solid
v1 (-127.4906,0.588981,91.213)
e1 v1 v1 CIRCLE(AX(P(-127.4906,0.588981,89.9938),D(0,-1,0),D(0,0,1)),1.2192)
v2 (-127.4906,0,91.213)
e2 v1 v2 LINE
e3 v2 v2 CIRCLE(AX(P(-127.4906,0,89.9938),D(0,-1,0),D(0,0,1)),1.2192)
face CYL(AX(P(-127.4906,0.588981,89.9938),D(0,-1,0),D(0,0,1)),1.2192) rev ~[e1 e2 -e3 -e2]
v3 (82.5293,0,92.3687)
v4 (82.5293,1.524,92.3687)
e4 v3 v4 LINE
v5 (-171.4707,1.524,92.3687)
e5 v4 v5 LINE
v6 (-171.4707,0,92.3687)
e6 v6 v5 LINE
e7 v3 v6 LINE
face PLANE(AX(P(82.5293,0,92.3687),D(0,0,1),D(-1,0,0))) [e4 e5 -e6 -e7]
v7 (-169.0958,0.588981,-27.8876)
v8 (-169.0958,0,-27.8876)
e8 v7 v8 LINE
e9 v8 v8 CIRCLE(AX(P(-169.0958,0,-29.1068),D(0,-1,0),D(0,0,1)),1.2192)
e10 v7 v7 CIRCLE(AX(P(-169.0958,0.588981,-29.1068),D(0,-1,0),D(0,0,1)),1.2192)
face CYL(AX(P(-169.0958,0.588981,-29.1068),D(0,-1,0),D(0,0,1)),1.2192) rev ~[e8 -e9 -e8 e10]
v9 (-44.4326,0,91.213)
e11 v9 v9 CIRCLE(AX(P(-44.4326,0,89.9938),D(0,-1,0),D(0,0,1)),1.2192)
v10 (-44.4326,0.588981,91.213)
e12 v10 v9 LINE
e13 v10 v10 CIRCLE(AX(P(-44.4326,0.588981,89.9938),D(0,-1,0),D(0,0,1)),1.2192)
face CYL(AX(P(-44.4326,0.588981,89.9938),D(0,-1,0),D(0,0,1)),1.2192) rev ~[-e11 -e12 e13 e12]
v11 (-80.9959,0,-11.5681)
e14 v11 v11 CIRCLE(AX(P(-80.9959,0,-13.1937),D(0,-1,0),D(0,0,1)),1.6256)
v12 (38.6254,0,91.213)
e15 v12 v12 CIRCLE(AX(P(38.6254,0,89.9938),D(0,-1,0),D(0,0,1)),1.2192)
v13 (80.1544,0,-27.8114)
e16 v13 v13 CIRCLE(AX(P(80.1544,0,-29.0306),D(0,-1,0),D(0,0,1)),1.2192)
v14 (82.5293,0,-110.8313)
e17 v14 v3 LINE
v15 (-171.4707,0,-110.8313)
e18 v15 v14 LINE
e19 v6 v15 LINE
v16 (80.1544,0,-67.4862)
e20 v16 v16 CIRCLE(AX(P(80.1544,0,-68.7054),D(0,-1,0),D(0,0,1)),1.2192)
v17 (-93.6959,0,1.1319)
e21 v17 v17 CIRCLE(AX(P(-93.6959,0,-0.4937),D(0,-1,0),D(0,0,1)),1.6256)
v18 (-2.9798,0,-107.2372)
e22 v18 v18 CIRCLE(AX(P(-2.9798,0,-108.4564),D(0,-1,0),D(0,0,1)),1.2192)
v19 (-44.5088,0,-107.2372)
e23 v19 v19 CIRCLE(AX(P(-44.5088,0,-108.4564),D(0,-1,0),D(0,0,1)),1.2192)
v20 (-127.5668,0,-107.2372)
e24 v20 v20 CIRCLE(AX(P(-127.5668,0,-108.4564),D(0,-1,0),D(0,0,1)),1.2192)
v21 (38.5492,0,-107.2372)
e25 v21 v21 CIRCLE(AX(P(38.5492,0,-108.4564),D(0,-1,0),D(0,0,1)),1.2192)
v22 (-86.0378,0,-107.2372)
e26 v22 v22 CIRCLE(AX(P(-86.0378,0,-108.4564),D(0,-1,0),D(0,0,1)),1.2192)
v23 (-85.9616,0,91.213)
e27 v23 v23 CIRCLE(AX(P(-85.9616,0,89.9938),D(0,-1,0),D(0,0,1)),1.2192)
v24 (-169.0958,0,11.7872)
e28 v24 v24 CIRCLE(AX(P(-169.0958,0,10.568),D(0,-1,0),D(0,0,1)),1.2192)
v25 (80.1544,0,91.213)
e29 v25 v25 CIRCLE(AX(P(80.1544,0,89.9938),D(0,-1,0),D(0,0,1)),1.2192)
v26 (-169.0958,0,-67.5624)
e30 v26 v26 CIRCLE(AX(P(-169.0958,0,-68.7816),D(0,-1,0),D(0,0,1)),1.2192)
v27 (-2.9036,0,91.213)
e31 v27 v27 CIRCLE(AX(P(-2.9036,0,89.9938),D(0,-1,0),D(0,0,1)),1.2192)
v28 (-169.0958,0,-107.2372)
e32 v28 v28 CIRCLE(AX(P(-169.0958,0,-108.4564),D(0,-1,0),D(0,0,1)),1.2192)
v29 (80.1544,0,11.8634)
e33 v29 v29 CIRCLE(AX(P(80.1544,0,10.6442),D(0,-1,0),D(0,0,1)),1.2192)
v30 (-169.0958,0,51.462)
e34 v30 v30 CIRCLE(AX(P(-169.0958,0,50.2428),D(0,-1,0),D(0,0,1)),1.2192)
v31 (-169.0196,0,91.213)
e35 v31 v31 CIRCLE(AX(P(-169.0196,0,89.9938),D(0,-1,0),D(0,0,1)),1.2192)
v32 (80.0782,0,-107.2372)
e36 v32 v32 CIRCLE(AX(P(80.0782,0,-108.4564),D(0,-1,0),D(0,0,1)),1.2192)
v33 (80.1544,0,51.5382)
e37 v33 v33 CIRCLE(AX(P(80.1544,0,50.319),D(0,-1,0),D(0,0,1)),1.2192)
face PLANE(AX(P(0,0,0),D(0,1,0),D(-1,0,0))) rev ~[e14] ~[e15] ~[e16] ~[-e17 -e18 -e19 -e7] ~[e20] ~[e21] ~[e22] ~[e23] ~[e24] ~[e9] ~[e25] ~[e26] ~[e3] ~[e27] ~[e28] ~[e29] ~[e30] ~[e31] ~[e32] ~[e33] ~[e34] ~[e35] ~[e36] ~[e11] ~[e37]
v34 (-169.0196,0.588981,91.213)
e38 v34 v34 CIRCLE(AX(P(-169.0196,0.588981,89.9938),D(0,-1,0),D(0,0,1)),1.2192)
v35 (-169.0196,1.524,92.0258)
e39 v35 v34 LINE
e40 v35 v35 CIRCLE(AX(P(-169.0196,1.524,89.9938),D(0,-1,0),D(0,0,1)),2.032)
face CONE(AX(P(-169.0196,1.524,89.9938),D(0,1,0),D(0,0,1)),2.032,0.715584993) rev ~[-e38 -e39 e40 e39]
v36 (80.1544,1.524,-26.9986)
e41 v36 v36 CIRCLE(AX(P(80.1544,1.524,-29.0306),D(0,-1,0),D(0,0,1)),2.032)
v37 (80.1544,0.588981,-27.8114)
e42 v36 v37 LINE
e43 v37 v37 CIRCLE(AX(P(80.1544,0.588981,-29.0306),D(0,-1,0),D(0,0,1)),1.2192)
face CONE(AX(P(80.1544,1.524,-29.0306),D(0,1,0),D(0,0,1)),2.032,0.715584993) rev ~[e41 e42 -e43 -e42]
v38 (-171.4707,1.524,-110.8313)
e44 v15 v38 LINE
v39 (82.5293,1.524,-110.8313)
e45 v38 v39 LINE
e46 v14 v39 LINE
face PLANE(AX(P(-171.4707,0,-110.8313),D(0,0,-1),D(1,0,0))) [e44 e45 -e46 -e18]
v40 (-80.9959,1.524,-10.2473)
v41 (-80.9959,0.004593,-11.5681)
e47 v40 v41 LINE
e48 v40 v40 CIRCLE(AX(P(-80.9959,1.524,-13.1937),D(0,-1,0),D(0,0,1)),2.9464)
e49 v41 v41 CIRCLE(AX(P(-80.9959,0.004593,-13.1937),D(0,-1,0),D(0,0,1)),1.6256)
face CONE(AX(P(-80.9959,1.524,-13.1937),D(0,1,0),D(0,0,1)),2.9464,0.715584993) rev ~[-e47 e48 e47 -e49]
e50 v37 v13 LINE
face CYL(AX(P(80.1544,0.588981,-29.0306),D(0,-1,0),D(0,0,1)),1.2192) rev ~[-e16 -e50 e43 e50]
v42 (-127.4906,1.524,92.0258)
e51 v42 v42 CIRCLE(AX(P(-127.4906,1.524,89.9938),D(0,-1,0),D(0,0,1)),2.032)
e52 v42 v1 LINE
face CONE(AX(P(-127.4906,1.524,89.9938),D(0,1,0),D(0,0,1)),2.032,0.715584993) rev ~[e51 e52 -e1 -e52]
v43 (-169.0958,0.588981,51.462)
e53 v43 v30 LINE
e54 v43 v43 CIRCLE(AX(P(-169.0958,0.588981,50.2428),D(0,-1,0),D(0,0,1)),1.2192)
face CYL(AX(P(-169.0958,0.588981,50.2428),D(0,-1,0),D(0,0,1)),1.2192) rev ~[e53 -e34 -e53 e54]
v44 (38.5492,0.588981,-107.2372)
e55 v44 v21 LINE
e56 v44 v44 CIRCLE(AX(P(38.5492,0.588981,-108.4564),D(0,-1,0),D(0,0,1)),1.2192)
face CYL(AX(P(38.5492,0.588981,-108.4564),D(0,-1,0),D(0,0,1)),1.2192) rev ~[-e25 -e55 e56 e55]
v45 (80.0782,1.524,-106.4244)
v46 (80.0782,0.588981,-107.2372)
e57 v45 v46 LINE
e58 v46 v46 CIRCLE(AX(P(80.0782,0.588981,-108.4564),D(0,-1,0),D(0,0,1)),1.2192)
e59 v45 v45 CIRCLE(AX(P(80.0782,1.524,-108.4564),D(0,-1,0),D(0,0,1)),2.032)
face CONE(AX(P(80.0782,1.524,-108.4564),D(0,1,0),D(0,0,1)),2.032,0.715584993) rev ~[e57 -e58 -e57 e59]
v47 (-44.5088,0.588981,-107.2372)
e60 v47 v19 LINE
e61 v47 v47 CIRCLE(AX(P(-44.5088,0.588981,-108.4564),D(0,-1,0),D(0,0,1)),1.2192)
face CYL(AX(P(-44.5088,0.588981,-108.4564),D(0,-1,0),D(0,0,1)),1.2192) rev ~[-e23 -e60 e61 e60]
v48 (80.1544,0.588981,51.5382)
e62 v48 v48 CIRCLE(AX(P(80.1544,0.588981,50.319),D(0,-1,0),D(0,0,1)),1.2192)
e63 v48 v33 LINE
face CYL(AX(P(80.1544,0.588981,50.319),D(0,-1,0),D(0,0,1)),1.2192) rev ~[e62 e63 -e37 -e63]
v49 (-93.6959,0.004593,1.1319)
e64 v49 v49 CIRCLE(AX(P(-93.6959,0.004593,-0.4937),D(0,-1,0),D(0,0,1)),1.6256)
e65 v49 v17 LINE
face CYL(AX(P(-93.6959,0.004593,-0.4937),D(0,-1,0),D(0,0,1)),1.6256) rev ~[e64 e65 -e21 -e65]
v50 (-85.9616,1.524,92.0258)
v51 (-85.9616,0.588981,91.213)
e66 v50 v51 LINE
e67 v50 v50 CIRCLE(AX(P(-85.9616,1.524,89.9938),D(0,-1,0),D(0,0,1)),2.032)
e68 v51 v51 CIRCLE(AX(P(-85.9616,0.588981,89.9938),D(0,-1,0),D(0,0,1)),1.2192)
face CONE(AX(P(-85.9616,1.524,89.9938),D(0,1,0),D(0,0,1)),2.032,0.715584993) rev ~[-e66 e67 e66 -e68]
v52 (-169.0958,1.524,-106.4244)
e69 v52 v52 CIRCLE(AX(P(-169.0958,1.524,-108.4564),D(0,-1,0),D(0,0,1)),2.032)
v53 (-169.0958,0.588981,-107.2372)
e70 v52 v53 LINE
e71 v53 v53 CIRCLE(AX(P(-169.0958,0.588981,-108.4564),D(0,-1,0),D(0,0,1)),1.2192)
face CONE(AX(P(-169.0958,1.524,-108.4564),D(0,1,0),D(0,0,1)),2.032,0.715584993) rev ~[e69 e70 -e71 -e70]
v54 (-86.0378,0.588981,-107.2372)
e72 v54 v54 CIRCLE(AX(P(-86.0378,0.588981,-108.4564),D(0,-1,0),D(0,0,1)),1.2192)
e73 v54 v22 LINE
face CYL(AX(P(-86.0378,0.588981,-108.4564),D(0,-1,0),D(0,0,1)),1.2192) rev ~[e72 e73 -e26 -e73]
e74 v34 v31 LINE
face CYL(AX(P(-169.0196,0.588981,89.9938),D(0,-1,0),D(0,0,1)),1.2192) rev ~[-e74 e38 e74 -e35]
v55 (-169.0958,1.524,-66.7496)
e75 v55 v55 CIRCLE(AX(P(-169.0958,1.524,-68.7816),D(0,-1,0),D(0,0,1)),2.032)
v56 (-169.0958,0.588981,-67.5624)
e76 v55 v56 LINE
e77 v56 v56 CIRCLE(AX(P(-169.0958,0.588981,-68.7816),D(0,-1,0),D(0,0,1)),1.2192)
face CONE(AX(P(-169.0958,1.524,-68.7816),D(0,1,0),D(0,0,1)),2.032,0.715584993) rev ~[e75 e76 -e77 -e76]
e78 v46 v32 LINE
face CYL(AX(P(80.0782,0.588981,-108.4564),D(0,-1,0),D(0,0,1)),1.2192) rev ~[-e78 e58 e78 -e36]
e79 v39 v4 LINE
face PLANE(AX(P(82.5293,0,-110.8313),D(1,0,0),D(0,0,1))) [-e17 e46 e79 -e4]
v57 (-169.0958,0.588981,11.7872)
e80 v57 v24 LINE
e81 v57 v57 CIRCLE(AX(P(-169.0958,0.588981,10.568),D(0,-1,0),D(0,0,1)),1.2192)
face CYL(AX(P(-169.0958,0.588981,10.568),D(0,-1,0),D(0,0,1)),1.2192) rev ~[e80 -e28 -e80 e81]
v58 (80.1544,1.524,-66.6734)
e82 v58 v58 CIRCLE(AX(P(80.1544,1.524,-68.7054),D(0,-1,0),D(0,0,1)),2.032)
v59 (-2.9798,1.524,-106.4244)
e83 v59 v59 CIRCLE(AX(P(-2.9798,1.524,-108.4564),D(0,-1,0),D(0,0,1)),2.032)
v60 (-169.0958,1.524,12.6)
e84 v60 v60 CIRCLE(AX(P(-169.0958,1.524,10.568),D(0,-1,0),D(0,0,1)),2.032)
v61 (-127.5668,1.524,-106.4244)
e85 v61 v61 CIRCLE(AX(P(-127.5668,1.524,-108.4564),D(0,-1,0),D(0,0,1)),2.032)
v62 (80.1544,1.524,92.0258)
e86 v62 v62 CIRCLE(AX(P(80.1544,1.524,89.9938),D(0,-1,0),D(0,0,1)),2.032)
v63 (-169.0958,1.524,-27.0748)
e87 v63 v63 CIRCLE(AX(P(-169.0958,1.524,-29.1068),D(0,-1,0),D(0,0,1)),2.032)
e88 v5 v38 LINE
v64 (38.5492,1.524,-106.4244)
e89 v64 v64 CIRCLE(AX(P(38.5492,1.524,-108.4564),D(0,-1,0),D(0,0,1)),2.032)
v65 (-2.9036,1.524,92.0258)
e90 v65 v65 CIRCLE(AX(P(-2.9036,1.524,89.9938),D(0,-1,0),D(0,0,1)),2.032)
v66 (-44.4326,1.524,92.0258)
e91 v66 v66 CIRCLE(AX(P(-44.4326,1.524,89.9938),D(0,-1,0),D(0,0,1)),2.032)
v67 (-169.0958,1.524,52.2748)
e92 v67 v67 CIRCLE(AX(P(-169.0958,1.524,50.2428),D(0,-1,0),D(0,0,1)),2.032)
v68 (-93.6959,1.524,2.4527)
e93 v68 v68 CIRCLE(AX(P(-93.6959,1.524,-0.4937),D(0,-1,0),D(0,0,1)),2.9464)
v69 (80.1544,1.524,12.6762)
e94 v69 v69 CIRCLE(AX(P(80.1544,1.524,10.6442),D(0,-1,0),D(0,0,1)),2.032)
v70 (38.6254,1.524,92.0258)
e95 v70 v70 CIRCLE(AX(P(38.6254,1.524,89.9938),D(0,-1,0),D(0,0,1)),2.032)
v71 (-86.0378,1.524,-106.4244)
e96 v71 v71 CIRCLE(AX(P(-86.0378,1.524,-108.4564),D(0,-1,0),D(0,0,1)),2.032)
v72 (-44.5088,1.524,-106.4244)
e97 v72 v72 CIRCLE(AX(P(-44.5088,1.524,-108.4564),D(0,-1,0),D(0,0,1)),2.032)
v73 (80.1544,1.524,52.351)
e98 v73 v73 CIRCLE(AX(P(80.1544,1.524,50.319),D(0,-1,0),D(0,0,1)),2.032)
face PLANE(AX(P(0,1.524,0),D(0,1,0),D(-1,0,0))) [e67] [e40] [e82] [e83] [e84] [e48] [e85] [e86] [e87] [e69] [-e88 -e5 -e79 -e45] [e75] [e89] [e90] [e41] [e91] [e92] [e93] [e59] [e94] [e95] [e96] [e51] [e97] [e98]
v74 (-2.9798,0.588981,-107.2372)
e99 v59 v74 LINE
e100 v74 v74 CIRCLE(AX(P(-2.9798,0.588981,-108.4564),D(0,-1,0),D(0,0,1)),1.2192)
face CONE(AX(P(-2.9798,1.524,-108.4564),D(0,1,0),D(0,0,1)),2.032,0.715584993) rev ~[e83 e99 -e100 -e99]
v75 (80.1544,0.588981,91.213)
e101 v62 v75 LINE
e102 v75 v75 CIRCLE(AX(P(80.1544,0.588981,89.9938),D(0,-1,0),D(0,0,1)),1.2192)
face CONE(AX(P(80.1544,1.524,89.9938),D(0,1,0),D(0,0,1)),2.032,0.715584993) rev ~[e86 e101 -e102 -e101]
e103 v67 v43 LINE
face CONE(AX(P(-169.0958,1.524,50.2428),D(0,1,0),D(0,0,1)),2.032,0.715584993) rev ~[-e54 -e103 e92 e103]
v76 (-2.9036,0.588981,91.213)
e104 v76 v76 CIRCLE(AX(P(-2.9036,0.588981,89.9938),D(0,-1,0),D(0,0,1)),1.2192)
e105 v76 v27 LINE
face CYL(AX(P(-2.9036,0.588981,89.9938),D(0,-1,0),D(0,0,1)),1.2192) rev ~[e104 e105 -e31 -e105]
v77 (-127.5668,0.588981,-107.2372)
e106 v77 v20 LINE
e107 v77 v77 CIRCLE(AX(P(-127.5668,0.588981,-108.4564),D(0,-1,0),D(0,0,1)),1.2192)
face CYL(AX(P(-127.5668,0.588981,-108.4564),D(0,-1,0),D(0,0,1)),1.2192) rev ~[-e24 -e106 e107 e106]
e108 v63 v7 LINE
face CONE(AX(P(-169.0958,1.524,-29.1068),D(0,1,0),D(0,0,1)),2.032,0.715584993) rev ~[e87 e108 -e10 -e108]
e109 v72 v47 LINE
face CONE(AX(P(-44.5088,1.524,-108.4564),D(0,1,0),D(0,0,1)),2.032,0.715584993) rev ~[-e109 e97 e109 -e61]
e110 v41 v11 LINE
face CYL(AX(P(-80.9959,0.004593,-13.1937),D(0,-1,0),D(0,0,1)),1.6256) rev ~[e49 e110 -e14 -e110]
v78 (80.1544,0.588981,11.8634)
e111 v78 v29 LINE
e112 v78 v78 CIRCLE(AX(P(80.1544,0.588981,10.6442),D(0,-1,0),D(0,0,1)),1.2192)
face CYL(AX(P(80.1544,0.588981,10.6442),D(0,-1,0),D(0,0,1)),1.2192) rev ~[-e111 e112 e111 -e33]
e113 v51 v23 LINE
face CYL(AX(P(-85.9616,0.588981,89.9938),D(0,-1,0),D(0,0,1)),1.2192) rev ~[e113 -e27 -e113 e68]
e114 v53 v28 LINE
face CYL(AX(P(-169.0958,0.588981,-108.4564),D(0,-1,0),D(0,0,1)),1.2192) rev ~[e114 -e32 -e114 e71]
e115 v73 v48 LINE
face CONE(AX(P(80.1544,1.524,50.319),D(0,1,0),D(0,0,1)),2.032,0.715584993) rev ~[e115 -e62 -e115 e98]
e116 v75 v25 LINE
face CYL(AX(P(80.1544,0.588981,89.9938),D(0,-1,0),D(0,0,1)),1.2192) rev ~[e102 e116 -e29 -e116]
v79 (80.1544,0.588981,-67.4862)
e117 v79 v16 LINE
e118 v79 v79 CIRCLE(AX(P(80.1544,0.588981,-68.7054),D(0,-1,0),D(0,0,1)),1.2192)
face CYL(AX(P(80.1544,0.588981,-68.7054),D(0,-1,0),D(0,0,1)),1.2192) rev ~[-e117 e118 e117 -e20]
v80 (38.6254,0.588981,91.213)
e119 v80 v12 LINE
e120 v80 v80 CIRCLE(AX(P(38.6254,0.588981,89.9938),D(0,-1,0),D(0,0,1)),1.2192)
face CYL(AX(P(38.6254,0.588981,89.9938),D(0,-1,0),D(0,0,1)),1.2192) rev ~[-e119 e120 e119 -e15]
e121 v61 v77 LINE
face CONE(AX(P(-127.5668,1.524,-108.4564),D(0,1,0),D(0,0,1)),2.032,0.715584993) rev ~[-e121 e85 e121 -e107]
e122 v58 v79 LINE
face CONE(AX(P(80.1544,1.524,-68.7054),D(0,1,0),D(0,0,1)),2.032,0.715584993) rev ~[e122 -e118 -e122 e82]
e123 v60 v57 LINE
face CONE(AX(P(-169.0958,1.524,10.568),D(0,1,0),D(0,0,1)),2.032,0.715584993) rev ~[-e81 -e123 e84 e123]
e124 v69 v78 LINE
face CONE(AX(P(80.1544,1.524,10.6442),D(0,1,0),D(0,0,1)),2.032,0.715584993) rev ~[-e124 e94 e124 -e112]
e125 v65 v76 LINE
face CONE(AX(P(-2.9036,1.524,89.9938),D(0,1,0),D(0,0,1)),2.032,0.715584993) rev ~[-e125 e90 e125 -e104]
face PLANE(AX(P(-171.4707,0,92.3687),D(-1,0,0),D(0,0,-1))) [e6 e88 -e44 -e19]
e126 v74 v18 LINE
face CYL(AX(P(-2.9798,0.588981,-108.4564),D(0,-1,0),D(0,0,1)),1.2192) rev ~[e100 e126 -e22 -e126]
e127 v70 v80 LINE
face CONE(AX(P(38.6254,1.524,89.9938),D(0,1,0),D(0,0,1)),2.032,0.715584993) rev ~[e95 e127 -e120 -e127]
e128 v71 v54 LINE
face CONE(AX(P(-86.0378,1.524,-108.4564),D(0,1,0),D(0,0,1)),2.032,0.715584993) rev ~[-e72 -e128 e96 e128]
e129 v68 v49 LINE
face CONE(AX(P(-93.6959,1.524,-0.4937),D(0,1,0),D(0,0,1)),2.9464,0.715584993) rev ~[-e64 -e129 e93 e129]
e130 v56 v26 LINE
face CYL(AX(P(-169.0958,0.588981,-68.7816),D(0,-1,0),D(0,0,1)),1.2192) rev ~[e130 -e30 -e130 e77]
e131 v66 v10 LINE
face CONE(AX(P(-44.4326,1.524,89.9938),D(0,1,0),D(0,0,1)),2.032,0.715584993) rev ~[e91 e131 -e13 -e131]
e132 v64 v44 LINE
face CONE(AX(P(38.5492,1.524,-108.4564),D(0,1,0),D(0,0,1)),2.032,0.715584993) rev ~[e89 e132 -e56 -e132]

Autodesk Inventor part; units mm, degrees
ref_plane "YZ Plane" through (0, 0, 0) normal (1, 0, 0) x (0, 1, 0)
ref_plane "XZ Plane" through (0, 0, 0) normal (0, 1, 0) x (-1, 0, 0)
ref_plane "XY Plane" through (0, 0, 0) normal (0, 0, 1) x (1, 0, 0)
sketch "Sketch1" plane through (0, 0, 0) normal (0, 1, 0) x (-1, 0, 0)
  line L0 (-82.5293, 92.3687) -> (171.4707, 92.3687)
  line L1 (171.4707, 92.3687) -> (171.4707, -110.8313)
  line L2 (171.4707, -110.8313) -> (-82.5293, -110.8313)
  line L3 (-82.5293, -110.8313) -> (-82.5293, 92.3687)
  point P0 (0, 0)
  dimension "d0" = 254
  dimension "d3" = 203.2
extrude "Extrusion1" add sketch "Sketch1" along normal blind 1.524
sketch "Sketch2" plane through (0, 1.524, 0) normal (0, 1, 0) x (1, 0, 0)
  point P0 (0, 0)
  point P1 (-169.0958, 108.4564)
  point P2 (-171.4707, 110.8313)
  point P3 (82.5293, -92.3687)
  point P4 (80.1544, -89.9938)
  dimension "d13" = 2.3749
  dimension "d14" = 2.3749
  dimension "d21" = 2.3749
  dimension "d22" = 2.3749
hole "Hole1" at (-169.0958, 1.524, -108.4564) direction (0, -1, 0) diameter 2.4384 depth 25.4 tip angle 118 countersink diameter 4.064 countersink angle 82
pattern_linear "Rectangular Pattern1" count 7 spacing 41.529 along (1, 0, 0) of "Hole1"
pattern_linear "Rectangular Pattern2" count 5 spacing 39.6748 along (0, 0, 1) of "Hole1"
hole "Hole2" at (80.1544, 1.524, 89.9938) direction (0, -1, 0) diameter 2.4384 depth 25.4 tip angle 118 countersink diameter 4.064 countersink angle 82
pattern_linear "Rectangular Pattern3" count 5 spacing 39.6748 along (0, 0, -1) of "Hole2"
pattern_linear "Rectangular Pattern4" count 7 spacing 41.529 along (-1, 0, 0) of "Hole2"
sketch "Sketch3" plane through (0, 1.524, 0) normal (0, 1, 0) x (1, 0, 0)
  circle A0 centre (-169.0196, -89.9938) radius 2.032 projected
  circle A1 centre (-127.4906, -89.9938) radius 2.032 projected
  circle A2 centre (-85.9616, -89.9938) radius 2.032 projected
  circle A3 centre (-44.4326, -89.9938) radius 2.032 projected
  circle A4 centre (-2.9036, -89.9938) radius 2.032 projected
  circle A5 centre (38.6254, -89.9938) radius 2.032 projected
  circle A6 centre (80.1544, 68.7054) radius 2.032 projected
  circle A7 centre (80.1544, 29.0306) radius 2.032 projected
  circle A8 centre (80.1544, -10.6442) radius 2.032 projected
  circle A9 centre (80.1544, -50.319) radius 2.032 projected
  circle A10 centre (80.1544, -89.9938) radius 2.032 projected
  circle A11 centre (-169.0958, -50.2428) radius 2.032 projected
  circle A12 centre (-169.0958, -10.568) radius 2.032 projected
  circle A13 centre (-169.0958, 29.1068) radius 2.032 projected
  circle A14 centre (-169.0958, 68.7816) radius 2.032 projected
  circle A15 centre (80.0782, 108.4564) radius 2.032 projected
  circle A16 centre (38.5492, 108.4564) radius 2.032 projected
  circle A17 centre (-2.9798, 108.4564) radius 2.032 projected
  circle A18 centre (-44.5088, 108.4564) radius 2.032 projected
  circle A19 centre (-86.0378, 108.4564) radius 2.032 projected
  circle A20 centre (-127.5668, 108.4564) radius 2.032 projected
  circle A21 centre (-169.0958, 108.4564) radius 2.032 projected
  line L0 (-171.4707, -92.3687) -> (82.5293, -92.3687) projected
  line L1 (82.5293, -92.3687) -> (82.5293, 110.8313) projected
  line L2 (82.5293, 110.8313) -> (-171.4707, 110.8313) projected
  line L3 (-171.4707, 110.8313) -> (-171.4707, -92.3687) projected
  point P0 (0, 0)
sketch "Sketch6" plane through (0, 1.524, 0) normal (0, 1, 0) x (1, 0, 0)
  circle A0 centre (-169.0196, -89.9938) radius 2.032 projected
  circle A1 centre (-127.4906, -89.9938) radius 2.032 projected
  circle A2 centre (-85.9616, -89.9938) radius 2.032 projected
  circle A3 centre (-44.4326, -89.9938) radius 2.032 projected
  circle A4 centre (-2.9036, -89.9938) radius 2.032 projected
  circle A5 centre (38.6254, -89.9938) radius 2.032 projected
  circle A6 centre (80.1544, 68.7054) radius 2.032 projected
  circle A7 centre (80.1544, 29.0306) radius 2.032 projected
  circle A8 centre (80.1544, -10.6442) radius 2.032 projected
  circle A9 centre (80.1544, -50.319) radius 2.032 projected
  circle A10 centre (80.1544, -89.9938) radius 2.032 projected
  circle A11 centre (-169.0958, -50.2428) radius 2.032 projected
  circle A12 centre (-169.0958, -10.568) radius 2.032 projected
  circle A13 centre (-169.0958, 29.1068) radius 2.032 projected
  circle A14 centre (-169.0958, 68.7816) radius 2.032 projected
  circle A15 centre (80.0782, 108.4564) radius 2.032 projected
  circle A16 centre (38.5492, 108.4564) radius 2.032 projected
  circle A17 centre (-2.9798, 108.4564) radius 2.032 projected
  circle A18 centre (-44.5088, 108.4564) radius 2.032 projected
  circle A19 centre (-86.0378, 108.4564) radius 2.032 projected
  circle A20 centre (-127.5668, 108.4564) radius 2.032 projected
  circle A21 centre (-169.0958, 108.4564) radius 2.032 projected
  line L0 (-171.4707, -92.3687) -> (82.5293, -92.3687) projected
  line L1 (82.5293, -92.3687) -> (82.5293, 110.8313) projected
  line L2 (82.5293, 110.8313) -> (-171.4707, 110.8313) projected
  line L3 (-171.4707, 110.8313) -> (-171.4707, -92.3687) projected
  point P0 (0, 0)
sketch "Sketch7" plane through (0, 1.524, 0) normal (0, 1, 0) x (1, 0, 0)
  point P0 (0, 0)
  point P1 (-80.9959, 13.1937)
  point P2 (-93.6959, 0.4937)
  point P3 (-80.9959, 13.1937)
  point P4 (-171.4707, -92.3687)
  dimension "d50" = 92.8624
  dimension "d51" = 105.5624
  dimension "d52" = 77.7748
  dimension "d53" = 90.4748
hole "Hole3" at (-93.6959, 1.524, -0.4937) direction (0, -1, 0) diameter 3.2512 depth 1.524 tip angle 118 countersink diameter 5.8928 countersink angle 82
hole "Hole4" at (-80.9959, 1.524, -13.1937) direction (0, -1, 0) diameter 3.2512 depth 25.4 tip angle 118 countersink diameter 5.8928 countersink angle 82
properties part number "RFT Cover" material "Aluminum 6061"
